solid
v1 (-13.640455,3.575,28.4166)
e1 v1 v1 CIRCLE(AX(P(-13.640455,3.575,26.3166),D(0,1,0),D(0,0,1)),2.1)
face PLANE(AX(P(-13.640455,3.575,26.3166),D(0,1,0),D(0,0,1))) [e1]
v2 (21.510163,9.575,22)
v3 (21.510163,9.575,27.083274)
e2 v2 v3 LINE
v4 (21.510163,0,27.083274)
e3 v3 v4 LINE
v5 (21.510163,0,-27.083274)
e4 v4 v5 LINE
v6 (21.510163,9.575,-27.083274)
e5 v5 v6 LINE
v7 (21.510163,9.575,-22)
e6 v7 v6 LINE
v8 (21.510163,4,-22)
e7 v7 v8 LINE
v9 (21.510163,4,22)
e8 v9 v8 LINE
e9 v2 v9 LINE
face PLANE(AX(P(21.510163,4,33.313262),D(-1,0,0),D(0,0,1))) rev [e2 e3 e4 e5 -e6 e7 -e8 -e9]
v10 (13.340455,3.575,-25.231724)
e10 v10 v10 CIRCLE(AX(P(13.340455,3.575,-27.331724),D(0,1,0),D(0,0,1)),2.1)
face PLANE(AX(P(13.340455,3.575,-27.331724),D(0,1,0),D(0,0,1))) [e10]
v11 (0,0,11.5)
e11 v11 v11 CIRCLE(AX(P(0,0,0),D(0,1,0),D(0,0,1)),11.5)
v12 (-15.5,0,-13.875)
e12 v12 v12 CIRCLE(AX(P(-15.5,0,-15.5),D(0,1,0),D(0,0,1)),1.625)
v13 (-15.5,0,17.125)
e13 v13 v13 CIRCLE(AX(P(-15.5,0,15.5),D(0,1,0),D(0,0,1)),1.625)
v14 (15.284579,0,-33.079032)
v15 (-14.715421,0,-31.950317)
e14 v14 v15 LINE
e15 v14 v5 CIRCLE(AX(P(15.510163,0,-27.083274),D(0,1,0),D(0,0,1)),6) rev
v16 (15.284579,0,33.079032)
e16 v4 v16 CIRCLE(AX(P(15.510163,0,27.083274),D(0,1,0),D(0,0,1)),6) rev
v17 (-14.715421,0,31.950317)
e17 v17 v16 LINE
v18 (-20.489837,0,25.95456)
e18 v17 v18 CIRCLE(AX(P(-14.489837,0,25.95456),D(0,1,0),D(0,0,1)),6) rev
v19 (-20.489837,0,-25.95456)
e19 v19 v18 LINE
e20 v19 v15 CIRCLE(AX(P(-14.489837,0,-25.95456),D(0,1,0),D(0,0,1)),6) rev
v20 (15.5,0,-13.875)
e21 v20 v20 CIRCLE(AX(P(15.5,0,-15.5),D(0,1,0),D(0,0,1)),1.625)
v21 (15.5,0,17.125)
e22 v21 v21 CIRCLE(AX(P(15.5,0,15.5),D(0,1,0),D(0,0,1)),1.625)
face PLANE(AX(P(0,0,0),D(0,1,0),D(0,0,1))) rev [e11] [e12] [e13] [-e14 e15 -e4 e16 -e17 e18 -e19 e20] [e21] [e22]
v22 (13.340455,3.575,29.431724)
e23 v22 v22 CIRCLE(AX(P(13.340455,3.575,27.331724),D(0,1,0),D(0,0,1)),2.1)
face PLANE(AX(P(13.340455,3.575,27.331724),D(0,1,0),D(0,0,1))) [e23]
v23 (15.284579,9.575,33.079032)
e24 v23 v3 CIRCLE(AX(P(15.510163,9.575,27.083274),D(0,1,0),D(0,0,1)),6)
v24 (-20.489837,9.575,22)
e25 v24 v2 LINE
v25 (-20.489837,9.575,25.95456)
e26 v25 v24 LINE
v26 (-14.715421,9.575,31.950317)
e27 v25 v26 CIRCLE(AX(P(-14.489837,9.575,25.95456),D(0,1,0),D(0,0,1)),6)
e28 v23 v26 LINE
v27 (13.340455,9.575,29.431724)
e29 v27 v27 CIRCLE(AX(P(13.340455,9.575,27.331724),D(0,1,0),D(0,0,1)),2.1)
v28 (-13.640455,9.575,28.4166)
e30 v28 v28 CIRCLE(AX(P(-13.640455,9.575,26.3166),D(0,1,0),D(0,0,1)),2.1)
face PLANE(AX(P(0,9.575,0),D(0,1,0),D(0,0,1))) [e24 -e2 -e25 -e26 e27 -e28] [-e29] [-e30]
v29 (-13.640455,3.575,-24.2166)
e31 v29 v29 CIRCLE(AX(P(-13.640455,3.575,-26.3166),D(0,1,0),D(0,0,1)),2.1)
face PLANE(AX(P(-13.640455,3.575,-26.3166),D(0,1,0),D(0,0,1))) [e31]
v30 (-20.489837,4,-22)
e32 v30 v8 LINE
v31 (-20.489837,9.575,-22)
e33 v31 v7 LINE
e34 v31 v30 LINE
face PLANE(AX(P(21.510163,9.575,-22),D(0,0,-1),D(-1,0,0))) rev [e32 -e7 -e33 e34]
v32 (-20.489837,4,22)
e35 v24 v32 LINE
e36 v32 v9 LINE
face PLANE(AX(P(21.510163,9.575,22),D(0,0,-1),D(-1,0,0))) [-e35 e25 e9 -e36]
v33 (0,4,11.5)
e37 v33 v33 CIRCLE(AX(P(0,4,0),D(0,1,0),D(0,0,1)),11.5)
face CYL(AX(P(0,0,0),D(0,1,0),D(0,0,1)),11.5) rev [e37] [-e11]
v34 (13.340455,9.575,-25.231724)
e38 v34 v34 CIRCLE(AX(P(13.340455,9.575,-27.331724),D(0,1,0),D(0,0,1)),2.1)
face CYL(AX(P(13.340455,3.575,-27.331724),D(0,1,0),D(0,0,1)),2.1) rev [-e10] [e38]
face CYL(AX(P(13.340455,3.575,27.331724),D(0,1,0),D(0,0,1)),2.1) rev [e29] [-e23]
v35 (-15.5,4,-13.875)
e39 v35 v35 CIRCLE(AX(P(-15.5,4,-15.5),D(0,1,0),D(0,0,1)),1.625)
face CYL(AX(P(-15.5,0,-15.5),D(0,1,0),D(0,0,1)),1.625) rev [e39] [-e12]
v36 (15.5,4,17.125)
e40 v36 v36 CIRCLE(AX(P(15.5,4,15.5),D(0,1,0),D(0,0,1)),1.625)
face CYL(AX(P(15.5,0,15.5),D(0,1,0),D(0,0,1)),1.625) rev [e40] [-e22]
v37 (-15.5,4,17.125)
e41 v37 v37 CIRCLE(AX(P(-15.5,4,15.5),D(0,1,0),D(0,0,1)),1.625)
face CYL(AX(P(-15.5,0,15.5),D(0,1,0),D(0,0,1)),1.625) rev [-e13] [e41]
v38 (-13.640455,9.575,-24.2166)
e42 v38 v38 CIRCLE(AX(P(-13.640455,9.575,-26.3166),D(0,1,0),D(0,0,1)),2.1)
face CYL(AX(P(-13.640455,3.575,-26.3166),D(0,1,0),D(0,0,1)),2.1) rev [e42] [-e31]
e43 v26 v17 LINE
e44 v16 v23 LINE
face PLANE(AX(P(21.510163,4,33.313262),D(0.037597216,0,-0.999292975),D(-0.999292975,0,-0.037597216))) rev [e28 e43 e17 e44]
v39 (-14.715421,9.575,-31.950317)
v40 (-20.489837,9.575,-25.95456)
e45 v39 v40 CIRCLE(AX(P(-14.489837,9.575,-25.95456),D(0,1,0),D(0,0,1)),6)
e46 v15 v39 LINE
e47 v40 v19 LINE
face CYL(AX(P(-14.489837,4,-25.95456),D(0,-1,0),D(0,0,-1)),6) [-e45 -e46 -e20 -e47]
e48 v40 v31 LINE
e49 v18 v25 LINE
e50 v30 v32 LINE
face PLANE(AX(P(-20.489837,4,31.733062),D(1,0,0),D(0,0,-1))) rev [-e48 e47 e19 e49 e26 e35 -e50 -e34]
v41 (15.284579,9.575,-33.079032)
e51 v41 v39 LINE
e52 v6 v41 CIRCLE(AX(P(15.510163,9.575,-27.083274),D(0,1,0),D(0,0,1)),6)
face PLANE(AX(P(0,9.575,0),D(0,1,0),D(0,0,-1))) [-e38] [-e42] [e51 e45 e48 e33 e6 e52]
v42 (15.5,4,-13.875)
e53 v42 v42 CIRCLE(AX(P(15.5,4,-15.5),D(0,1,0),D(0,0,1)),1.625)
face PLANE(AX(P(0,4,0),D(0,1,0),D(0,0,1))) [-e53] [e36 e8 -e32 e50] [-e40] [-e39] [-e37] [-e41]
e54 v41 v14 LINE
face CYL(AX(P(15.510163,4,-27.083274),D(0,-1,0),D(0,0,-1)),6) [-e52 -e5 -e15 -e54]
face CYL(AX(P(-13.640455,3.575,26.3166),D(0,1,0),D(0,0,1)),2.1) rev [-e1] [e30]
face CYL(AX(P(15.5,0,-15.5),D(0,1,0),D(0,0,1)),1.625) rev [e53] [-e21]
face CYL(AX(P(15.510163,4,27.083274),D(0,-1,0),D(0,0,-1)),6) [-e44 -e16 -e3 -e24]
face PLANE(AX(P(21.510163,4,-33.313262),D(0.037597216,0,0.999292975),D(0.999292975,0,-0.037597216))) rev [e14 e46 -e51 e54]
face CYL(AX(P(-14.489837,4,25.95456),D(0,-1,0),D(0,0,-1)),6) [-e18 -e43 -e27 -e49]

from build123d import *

# Parameters (mm, degrees)
BOSS_EXTRUDE1_DEPTH = 4
SKETCH3_R           = 11.5
CUT_EXTRUDE1_DEPTH  = 40.855495589
SKETCH4_R           = 1.625
CUT_EXTRUDE2_DEPTH  = 40.855495589
BOSS_EXTRUDE2_DEPTH = 5.575
SKETCH7_R           = 2.1
CUT_EXTRUDE3_DEPTH  = 6
FILLET1_R           = 6


with BuildPart() as part:
    # Sketch1 → Boss-Extrude1 (new body)
    with BuildSketch(Plane(origin=(0, 0, 0), x_dir=(1, 0, 0), z_dir=(0, 1, 0))):
        Polygon((21.510162675, -33.313262079), (-20.489837325, -31.733061767), (-20.489837325, 31.733061767), (21.510162675, 33.313262079), align=None)
    extrude(amount=BOSS_EXTRUDE1_DEPTH)

    # Sketch3 → Cut-Extrude1 (cut, through all)
    with BuildSketch(Plane(origin=(0, 4, 0), x_dir=(1, 0, 0), z_dir=(0, 1, 0))):
        with Locations(Location((0, 0, 0), (0, 0, 270))):
            Circle(SKETCH3_R)
    extrude(amount=-CUT_EXTRUDE1_DEPTH, mode=Mode.SUBTRACT)

    # Sketch4 → Cut-Extrude2 (cut, through all)
    with BuildSketch(Plane(origin=(0, 4, 0), x_dir=(1, 0, 0), z_dir=(0, 1, 0))):
        with Locations(Location((-15.5, 15.5, 0), (0, 0, 270))):
            Circle(SKETCH4_R)
        with Locations(Location((15.5, 15.5, 0), (0, 0, 270))):
            Circle(SKETCH4_R)
        with Locations(Location((15.5, -15.5, 0), (0, 0, 270))):
            Circle(SKETCH4_R)
        with Locations(Location((-15.5, -15.5, 0), (0, 0, 270))):
            Circle(SKETCH4_R)
    extrude(amount=-CUT_EXTRUDE2_DEPTH, mode=Mode.SUBTRACT)

    # Sketch6 → Boss-Extrude2 (add)
    with BuildSketch(Plane.XZ.offset(-4)):
        Polygon((-20.489837325, 22), (-20.489837325, 31.733061767), (21.510162675, 33.313262079), (21.510162675, 22), align=None)
    boss_extrude2 = extrude(amount=-BOSS_EXTRUDE2_DEPTH)

    # Mirror1: Boss-Extrude2 across plane
    add(boss_extrude2.mirror(Plane.XY))

    # Sketch7 → Cut-Extrude3 (cut)
    with BuildSketch(Plane(origin=(0, 9.575, 0), x_dir=(1, 0, 0), z_dir=(0, 1, 0))):
        with Locations(Location((13.340455159, 27.331724457, 0), (0, 0, 270))):
            Circle(SKETCH7_R)
        with Locations(Location((-13.640455159, 26.316599626, 0), (0, 0, 270))):
            Circle(SKETCH7_R)
        with Locations(Location((-13.640455159, -26.316599626, 0), (0, 0, 270))):
            Circle(SKETCH7_R)
        with Locations(Location((13.340455159, -27.331724457, 0), (0, 0, 270))):
            Circle(SKETCH7_R)
    extrude(amount=-CUT_EXTRUDE3_DEPTH, mode=Mode.SUBTRACT)

    # Fillet1
    fillet1_edges = [part.edges().sort_by_distance(p)[0] for p in [
        (-20.489837325, 4.7875, -31.733061767),
        (21.510162675, 4.7875, -33.313262079),
        (21.510162675, 4.7875, 33.313262079),
        (-20.489837325, 4.7875, 31.733061767),
    ]]
    fillet(fillet1_edges, radius=FILLET1_R)


solid = part.part
